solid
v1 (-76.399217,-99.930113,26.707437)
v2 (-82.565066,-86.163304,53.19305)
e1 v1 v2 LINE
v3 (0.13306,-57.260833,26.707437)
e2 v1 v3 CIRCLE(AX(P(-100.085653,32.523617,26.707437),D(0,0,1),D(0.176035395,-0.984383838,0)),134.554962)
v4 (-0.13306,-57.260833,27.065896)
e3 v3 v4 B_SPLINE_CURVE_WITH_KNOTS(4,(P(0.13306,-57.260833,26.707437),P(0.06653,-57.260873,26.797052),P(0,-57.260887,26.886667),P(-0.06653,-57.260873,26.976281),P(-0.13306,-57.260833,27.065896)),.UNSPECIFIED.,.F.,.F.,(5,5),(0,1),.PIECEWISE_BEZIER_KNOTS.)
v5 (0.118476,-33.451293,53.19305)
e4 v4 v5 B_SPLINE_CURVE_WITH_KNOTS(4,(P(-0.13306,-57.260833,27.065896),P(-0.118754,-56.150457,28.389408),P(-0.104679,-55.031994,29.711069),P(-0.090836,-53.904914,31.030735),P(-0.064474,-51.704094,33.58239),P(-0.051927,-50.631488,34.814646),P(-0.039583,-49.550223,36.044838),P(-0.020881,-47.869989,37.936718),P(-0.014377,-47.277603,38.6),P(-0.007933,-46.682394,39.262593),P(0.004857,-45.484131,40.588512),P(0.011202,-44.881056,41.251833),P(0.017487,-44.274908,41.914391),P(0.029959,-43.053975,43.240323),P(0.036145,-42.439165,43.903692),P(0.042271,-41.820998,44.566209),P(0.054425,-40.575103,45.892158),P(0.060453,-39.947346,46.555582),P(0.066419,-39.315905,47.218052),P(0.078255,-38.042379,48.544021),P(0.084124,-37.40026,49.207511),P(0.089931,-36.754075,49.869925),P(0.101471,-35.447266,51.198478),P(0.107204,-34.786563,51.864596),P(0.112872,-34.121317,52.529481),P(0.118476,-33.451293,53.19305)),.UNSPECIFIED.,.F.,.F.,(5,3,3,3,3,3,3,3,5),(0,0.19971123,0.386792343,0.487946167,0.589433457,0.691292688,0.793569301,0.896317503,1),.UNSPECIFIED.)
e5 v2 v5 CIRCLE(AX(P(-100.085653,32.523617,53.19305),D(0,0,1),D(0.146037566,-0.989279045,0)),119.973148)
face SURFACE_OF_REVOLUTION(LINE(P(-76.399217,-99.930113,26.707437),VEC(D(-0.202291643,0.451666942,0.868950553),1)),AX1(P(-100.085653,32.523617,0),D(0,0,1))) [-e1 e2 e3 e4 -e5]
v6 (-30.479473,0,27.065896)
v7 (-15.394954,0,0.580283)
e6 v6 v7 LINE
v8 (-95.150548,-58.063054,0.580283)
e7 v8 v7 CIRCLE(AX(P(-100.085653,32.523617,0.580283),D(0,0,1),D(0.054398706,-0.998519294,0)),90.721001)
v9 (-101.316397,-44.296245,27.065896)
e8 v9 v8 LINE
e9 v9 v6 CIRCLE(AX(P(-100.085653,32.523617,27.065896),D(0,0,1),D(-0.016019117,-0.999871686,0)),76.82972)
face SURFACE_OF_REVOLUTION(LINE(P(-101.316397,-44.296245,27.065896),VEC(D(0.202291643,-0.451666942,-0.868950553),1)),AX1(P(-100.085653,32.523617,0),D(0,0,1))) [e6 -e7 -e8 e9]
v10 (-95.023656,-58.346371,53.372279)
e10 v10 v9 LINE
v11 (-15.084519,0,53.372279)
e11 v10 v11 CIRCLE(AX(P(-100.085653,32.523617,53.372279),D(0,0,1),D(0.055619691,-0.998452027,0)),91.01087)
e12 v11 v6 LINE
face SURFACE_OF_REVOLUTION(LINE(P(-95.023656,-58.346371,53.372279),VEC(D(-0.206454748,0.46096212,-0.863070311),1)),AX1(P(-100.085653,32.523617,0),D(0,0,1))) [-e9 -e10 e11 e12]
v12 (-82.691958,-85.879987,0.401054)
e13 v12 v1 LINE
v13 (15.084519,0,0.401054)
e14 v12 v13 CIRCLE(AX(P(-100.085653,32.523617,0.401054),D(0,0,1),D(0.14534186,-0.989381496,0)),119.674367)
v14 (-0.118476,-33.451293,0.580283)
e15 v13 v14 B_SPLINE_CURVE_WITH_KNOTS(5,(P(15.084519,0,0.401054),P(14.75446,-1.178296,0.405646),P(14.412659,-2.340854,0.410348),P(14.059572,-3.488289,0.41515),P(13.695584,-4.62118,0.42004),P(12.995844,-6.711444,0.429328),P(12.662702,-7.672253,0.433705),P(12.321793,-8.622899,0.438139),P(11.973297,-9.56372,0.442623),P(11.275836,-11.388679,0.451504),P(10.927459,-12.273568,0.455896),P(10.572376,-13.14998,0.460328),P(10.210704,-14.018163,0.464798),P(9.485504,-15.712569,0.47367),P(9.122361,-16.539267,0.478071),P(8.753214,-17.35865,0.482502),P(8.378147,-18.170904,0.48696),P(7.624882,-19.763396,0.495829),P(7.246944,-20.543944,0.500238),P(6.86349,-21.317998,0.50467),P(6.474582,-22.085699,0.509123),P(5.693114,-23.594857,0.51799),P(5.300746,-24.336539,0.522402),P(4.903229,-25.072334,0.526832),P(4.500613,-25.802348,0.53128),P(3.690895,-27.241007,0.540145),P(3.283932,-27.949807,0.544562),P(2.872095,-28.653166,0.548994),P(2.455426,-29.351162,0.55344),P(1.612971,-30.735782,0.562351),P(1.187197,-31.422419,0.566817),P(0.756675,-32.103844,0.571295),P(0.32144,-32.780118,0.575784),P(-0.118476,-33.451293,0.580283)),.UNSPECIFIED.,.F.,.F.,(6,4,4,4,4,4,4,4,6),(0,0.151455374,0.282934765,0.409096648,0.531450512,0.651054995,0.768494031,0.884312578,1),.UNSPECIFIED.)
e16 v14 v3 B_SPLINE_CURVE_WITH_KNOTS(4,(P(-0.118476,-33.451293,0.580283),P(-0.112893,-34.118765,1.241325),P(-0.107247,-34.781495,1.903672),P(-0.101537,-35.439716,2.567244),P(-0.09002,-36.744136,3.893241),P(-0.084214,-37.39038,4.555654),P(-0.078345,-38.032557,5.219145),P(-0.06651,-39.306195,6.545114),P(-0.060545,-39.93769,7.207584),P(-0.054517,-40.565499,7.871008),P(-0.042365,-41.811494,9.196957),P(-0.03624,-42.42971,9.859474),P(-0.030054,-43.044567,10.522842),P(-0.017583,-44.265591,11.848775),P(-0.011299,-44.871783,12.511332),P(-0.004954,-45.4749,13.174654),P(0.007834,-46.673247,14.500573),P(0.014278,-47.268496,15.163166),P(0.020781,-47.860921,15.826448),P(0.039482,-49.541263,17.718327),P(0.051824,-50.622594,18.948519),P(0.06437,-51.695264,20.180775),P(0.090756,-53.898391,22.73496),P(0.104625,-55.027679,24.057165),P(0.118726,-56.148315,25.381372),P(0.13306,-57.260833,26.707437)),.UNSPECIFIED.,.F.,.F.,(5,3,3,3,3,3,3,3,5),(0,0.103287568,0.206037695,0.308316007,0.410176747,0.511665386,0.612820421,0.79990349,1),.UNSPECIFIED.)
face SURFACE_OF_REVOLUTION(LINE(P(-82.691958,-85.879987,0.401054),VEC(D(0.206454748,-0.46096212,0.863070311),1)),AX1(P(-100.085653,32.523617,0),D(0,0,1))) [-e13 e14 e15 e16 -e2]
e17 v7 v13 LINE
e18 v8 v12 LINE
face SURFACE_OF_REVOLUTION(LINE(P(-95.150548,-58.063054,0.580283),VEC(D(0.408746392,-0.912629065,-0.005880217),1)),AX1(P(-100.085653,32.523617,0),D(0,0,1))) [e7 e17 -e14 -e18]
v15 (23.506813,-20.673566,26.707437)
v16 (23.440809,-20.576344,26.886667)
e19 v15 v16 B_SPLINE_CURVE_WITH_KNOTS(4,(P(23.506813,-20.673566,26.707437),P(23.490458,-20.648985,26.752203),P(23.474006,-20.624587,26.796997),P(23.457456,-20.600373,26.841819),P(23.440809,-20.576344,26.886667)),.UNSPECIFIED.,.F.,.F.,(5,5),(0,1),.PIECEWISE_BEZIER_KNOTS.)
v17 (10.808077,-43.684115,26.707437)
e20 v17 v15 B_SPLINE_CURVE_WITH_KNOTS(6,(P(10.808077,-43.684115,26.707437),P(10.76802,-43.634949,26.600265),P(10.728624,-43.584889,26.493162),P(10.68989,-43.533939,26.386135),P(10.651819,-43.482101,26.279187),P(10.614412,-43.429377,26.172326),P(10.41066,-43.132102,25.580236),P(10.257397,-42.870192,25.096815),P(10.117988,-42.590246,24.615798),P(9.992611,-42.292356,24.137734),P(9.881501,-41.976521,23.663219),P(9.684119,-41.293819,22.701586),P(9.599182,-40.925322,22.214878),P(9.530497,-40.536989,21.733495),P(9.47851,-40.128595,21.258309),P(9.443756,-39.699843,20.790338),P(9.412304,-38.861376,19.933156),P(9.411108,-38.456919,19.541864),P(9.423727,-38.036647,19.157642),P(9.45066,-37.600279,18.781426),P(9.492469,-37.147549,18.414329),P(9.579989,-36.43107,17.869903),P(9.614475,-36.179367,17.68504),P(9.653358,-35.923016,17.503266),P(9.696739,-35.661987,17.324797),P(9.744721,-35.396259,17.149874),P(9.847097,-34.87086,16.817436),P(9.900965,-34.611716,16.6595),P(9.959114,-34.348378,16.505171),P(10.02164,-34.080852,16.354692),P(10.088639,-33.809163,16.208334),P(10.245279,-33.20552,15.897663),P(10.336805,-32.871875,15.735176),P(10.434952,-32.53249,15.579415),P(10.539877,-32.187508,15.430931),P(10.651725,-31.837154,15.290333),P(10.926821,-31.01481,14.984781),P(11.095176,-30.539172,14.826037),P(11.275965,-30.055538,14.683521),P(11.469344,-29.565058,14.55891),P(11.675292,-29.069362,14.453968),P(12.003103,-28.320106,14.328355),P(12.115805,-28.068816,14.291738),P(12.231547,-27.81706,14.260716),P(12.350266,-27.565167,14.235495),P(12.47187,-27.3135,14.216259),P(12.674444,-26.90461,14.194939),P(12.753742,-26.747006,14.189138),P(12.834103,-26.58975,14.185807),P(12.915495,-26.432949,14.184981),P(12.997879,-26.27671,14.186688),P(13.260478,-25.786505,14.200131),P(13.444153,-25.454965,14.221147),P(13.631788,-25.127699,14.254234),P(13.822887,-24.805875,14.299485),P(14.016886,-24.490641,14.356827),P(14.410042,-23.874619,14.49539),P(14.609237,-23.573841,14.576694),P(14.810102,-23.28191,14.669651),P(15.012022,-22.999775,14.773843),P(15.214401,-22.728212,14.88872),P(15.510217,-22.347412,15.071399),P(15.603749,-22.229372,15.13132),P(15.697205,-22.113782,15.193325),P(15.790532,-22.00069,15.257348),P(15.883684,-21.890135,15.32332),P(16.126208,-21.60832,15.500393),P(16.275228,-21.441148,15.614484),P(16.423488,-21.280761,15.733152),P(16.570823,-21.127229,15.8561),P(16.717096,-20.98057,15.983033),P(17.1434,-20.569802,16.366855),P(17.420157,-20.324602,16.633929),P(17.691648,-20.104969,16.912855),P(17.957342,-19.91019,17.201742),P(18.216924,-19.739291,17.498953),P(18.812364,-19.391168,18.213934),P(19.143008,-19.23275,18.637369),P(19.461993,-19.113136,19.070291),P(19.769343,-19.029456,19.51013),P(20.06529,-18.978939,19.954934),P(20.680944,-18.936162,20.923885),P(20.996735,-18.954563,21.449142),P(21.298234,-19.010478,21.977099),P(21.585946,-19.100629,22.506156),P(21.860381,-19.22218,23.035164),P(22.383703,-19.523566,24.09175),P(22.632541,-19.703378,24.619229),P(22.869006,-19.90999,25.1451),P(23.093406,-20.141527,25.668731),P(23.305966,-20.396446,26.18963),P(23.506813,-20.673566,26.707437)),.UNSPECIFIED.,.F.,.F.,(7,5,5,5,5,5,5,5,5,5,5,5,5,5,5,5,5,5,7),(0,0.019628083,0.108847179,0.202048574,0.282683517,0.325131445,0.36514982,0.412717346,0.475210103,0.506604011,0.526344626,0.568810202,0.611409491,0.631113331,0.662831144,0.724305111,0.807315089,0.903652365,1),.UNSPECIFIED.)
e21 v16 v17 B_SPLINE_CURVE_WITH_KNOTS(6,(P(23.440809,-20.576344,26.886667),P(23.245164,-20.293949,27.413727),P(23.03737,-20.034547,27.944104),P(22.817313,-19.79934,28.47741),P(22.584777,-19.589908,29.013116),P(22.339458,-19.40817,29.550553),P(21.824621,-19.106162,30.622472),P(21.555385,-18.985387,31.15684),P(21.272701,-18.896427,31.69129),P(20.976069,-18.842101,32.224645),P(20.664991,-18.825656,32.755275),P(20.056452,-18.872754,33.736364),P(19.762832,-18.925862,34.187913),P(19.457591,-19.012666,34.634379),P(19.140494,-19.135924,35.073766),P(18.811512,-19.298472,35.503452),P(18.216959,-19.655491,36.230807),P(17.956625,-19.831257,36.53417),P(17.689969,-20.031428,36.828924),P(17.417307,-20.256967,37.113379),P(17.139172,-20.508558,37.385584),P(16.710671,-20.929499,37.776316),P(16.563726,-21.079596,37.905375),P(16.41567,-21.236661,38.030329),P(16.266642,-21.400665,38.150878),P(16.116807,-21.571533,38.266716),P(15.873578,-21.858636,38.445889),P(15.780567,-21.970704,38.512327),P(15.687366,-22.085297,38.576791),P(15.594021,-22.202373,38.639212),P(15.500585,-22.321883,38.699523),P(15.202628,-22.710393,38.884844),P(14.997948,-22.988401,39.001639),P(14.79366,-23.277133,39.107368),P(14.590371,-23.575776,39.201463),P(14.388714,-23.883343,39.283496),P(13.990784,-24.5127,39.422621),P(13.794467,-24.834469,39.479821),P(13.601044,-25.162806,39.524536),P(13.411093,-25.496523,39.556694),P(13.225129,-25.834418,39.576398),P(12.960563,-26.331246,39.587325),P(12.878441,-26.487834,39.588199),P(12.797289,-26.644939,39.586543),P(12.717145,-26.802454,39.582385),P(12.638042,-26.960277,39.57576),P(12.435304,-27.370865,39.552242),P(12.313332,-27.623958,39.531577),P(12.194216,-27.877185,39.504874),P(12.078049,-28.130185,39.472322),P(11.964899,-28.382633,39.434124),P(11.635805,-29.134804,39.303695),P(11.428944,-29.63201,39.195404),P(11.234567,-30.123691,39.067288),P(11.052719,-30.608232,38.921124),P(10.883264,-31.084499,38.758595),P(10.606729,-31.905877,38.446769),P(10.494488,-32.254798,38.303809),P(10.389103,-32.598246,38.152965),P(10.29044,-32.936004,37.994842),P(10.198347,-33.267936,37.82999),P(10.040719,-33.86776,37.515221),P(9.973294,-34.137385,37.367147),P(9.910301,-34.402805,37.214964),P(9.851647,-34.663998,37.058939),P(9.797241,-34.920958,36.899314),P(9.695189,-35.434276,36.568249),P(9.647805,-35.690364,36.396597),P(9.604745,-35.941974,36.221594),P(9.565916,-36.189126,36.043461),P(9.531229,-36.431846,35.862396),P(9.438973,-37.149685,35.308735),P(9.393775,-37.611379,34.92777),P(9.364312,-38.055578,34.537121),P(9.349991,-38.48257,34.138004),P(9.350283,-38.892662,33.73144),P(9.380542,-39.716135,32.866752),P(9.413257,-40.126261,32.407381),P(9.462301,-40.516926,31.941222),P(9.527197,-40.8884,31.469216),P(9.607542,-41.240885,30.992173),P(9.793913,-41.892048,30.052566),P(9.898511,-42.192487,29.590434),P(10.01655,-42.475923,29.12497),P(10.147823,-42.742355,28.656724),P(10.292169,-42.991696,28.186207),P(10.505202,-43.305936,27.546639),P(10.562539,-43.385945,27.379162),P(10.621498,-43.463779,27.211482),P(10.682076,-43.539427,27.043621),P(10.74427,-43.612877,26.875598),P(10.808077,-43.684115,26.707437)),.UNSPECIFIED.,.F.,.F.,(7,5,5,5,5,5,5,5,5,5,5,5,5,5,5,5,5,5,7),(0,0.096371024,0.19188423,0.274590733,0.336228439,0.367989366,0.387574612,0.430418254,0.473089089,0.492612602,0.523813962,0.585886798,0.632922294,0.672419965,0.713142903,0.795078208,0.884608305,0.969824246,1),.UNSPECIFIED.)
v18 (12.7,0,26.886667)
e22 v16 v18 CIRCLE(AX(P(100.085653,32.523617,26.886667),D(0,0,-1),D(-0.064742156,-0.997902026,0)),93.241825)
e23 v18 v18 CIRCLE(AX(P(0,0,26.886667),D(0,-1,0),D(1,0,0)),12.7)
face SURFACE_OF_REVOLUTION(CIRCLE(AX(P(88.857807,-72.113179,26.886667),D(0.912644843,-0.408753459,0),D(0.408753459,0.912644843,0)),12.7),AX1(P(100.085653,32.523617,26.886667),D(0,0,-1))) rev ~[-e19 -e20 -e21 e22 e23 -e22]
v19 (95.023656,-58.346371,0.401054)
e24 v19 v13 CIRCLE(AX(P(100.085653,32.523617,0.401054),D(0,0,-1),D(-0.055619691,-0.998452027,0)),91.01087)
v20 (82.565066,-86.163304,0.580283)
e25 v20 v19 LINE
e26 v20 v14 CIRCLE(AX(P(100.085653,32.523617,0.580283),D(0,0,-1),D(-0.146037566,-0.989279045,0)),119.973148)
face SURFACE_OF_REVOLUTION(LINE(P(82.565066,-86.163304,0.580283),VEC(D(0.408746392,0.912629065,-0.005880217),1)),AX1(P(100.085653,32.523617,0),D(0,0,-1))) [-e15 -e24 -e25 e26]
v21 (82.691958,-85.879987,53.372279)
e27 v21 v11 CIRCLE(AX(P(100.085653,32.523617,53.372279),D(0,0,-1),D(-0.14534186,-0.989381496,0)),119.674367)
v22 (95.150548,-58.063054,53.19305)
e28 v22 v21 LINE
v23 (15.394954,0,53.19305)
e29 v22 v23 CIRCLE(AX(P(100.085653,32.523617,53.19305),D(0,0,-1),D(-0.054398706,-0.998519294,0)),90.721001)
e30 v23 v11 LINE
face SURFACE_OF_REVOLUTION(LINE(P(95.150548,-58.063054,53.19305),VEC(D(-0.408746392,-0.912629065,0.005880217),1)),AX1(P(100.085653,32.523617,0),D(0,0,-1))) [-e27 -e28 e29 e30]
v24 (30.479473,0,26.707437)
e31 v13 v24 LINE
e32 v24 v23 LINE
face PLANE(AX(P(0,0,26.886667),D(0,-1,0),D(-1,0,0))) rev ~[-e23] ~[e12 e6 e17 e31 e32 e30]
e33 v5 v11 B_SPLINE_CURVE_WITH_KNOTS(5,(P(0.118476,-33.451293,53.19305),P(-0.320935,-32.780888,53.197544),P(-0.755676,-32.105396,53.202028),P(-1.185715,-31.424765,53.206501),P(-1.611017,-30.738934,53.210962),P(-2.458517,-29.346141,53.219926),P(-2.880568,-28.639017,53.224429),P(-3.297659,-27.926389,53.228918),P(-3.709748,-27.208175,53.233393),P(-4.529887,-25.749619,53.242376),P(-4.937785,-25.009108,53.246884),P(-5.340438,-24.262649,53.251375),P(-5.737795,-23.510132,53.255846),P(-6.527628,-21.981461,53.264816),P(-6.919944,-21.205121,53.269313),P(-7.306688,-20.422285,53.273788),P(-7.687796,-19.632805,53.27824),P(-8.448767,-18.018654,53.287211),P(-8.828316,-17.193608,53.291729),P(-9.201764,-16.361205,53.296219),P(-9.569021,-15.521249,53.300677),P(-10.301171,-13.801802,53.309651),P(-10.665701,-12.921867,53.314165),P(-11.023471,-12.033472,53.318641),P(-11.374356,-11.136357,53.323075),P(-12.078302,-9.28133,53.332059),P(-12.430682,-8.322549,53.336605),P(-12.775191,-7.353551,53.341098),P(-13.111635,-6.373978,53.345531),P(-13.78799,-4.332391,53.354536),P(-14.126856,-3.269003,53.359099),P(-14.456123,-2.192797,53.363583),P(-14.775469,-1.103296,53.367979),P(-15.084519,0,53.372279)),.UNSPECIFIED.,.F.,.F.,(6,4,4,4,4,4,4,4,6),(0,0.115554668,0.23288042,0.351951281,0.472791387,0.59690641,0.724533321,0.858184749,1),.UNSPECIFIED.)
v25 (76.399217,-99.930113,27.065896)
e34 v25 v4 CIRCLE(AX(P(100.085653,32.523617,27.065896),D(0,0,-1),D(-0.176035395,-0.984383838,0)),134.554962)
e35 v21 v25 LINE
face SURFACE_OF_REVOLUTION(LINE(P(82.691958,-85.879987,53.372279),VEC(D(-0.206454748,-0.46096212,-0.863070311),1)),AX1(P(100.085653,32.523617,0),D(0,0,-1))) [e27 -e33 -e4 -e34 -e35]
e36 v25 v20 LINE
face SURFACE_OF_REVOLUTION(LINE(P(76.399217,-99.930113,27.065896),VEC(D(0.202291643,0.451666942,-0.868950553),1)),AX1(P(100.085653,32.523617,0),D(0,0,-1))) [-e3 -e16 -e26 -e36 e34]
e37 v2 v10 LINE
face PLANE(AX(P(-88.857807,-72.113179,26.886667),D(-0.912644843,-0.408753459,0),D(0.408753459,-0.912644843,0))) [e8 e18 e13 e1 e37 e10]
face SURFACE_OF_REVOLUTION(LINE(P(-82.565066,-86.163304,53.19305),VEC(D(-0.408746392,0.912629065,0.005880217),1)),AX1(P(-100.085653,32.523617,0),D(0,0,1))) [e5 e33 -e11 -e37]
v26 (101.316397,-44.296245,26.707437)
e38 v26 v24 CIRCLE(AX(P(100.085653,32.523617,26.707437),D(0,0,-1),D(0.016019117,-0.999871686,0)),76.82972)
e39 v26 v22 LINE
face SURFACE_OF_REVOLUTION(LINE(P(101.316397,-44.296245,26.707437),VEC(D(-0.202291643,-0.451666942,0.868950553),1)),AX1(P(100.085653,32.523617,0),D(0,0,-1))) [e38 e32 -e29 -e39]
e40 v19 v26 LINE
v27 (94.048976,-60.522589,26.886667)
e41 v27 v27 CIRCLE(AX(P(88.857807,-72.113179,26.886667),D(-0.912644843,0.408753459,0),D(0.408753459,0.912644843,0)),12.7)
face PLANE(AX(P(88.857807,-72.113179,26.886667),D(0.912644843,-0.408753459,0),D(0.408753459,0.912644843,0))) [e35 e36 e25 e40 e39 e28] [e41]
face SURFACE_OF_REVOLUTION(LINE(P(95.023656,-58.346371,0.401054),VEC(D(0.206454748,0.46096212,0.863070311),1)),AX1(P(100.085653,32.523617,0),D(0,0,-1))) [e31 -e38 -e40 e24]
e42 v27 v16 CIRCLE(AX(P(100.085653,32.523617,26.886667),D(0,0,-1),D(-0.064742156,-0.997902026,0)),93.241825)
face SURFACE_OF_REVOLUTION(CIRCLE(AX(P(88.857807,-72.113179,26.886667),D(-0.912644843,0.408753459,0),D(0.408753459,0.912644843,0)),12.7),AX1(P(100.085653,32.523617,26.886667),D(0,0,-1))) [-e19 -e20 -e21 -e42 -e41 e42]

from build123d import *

# Parameters (mm, degrees)
F0_R = 12.7


with BuildPart() as f2:
    # F2: sweep along a path in F1
    with BuildLine(Plane.XY) as f2_path:
        ThreePointArc((-88.857807, -72.113179), (-33.770109, -49.190349), (0, 0))
    # F0 (on Front) → F2 (sweep)
    with BuildSketch(Plane.XZ):
        Polygon((-30.479473, 27.065896), (-15.394954, 0.580283), (15.084519, 0.401054), (30.479473, 26.707437), (15.394954, 53.19305), (-15.084519, 53.372279), align=None)
        with Locations((0, 26.886667)):
            Circle(F0_R, mode=Mode.SUBTRACT)
        with Locations((0, 26.886667)):
            Circle(F0_R)
    sweep(path=f2_path.line)

    # F3: sweep along a path in F1
    with BuildLine(Plane.XY) as f3_path:
        ThreePointArc((88.857807, -72.113179), (33.770109, -49.190349), (0, 0))
    # F0 (on Front) → F3 (sweep)
    with BuildSketch(Plane.XZ):
        Polygon((-30.479473, 27.065896), (-15.394954, 0.580283), (15.084519, 0.401054), (30.479473, 26.707437), (15.394954, 53.19305), (-15.084519, 53.372279), align=None)
        with Locations((0, 26.886667)):
            Circle(F0_R, mode=Mode.SUBTRACT)
    sweep(path=f3_path.line)

    # F4: sweep along a path in F1
    with BuildLine(Plane.XY) as f4_path:
        ThreePointArc((88.857807, -72.113179), (33.770109, -49.190349), (0, 0))
    # F0 (on Front) → F4 (sweep, cut)
    with BuildSketch(Plane.XZ):
        with Locations((0, 26.886667)):
            Circle(F0_R)
    sweep(path=f4_path.line, mode=Mode.SUBTRACT)


solid = f2.part
